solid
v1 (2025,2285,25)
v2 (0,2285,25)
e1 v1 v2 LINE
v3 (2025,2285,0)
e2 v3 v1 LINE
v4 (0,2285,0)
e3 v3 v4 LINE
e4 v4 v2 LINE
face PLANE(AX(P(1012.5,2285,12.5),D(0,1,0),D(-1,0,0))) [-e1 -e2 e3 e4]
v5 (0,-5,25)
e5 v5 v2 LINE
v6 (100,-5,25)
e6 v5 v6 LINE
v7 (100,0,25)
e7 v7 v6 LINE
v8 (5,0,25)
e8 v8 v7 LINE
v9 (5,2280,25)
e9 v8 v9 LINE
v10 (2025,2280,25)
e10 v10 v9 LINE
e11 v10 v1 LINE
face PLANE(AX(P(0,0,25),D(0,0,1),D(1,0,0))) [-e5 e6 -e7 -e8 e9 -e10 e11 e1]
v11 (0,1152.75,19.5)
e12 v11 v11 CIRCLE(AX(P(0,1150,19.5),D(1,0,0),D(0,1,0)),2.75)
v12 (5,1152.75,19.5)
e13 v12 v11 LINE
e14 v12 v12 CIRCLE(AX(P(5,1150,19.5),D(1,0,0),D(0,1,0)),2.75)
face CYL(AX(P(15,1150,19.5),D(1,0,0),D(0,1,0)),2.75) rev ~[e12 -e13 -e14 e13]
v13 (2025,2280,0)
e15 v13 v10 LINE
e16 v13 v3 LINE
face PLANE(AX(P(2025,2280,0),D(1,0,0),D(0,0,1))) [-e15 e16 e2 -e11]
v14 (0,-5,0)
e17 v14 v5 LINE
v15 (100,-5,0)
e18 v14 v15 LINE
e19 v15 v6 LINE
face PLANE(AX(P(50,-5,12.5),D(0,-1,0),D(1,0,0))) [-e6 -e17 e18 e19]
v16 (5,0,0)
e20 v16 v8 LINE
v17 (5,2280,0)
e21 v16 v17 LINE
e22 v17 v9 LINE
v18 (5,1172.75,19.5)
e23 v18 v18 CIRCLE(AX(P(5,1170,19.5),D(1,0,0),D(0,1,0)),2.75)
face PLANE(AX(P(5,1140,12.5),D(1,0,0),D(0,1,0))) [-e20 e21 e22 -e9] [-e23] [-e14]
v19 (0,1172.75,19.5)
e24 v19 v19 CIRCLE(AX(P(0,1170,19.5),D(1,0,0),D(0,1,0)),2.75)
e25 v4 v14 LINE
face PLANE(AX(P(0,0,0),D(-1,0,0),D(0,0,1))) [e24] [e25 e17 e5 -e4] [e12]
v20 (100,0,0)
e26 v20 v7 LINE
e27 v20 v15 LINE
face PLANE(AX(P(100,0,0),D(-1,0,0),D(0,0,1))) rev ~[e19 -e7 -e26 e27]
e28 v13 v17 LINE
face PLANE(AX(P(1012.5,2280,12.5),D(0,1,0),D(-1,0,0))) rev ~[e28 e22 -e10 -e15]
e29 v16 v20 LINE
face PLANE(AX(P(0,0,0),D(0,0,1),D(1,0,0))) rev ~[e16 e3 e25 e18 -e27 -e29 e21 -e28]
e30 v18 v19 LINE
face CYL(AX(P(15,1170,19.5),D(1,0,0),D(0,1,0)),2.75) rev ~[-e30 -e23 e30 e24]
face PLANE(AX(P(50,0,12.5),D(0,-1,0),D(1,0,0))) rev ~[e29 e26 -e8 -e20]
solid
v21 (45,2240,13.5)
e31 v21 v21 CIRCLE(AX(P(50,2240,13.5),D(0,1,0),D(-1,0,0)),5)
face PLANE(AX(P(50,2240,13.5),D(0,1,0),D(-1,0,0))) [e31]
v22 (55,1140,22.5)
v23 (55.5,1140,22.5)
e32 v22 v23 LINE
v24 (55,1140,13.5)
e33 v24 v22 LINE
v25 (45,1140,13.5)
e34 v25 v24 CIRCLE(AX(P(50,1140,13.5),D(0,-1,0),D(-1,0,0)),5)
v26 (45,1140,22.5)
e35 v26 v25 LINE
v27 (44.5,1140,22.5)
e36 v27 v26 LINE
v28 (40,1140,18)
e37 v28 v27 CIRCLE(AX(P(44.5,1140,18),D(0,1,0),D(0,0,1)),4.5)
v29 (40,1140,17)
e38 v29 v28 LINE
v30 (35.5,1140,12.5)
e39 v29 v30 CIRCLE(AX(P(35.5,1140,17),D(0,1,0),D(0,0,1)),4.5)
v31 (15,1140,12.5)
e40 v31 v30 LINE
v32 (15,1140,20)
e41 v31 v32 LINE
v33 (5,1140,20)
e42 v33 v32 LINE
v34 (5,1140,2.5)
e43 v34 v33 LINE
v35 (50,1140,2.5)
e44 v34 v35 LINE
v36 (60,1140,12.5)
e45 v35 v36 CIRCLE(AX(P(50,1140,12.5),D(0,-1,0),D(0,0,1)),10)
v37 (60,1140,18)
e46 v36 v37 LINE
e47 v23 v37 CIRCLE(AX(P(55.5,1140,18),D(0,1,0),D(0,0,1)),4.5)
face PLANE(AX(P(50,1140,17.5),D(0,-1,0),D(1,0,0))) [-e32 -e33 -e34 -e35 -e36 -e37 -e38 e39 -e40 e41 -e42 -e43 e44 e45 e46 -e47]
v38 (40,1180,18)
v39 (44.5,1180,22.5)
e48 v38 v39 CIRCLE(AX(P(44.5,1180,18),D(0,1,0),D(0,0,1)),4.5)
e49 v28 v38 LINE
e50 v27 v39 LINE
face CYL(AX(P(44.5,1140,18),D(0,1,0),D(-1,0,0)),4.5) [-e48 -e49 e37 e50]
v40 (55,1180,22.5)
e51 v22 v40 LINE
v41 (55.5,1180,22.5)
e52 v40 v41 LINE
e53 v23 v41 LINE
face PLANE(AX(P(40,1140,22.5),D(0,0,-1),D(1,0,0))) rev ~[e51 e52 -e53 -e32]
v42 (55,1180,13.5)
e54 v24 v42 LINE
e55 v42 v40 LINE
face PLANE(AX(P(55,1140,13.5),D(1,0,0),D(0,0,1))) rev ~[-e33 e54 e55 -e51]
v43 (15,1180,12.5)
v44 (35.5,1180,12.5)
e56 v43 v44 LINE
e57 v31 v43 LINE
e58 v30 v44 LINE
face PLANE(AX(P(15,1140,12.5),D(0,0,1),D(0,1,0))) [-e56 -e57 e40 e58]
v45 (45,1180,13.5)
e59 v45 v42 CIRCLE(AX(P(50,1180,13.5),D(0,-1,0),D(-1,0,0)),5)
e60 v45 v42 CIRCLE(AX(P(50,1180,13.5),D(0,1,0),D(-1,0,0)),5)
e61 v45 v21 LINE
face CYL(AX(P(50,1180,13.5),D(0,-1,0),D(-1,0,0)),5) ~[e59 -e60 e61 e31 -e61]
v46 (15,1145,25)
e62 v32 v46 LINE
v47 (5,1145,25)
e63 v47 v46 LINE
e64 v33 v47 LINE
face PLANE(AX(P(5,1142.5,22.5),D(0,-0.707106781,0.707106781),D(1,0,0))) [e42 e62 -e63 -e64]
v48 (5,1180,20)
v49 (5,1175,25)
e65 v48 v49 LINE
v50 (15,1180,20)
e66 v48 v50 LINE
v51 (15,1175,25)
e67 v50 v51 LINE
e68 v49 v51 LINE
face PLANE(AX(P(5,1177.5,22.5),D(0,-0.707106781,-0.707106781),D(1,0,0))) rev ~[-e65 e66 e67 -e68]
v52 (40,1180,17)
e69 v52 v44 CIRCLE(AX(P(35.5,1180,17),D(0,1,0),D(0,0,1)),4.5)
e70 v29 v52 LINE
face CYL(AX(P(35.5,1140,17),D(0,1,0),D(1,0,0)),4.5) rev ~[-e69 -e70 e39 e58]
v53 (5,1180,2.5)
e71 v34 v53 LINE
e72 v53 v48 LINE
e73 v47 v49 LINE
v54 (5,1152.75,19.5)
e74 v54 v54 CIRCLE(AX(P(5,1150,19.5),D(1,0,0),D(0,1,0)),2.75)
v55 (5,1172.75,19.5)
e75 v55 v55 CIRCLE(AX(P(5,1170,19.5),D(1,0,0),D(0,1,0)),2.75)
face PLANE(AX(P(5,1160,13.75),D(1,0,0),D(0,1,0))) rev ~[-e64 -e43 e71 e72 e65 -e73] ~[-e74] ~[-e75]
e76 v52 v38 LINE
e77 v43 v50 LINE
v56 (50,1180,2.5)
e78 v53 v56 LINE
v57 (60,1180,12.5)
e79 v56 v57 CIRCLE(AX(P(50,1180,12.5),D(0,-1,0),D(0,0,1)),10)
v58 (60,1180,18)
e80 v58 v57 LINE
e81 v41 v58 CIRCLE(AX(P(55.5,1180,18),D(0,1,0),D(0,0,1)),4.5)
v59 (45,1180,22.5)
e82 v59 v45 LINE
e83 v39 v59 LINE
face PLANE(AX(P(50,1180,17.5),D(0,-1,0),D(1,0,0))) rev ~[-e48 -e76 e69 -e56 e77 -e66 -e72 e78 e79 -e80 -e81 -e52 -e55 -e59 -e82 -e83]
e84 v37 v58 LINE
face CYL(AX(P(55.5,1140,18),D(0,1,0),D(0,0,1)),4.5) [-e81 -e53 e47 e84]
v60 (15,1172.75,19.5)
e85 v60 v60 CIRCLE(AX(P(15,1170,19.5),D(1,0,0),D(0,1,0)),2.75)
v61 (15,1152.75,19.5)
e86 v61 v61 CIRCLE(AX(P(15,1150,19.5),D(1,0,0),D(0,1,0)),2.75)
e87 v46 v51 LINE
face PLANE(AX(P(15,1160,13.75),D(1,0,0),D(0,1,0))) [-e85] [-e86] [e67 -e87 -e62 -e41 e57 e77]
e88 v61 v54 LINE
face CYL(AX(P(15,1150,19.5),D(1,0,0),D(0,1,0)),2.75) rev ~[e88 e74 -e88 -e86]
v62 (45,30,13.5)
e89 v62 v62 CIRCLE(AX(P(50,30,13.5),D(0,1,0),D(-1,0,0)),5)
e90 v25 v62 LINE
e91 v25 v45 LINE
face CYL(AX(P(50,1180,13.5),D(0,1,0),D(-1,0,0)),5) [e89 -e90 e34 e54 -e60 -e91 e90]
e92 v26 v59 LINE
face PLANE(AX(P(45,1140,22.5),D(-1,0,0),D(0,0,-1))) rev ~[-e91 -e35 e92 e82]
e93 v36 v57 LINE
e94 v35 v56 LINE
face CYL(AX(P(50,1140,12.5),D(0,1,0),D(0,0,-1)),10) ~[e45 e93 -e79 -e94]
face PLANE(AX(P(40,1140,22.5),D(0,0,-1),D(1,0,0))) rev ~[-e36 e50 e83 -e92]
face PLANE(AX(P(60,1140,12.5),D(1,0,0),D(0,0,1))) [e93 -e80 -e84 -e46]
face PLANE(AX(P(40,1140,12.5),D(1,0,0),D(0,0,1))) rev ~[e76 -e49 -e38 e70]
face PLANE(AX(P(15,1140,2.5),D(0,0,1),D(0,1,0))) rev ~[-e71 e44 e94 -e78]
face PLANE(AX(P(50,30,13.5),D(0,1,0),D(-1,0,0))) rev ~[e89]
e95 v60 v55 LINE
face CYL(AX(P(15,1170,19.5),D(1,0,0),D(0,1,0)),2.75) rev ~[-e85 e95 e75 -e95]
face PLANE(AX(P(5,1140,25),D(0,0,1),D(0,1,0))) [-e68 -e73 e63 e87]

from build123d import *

# Parameters (mm, degrees)
F0_W           = 2280
F0_H           = 25
F1_DEPTH       = 5
F2_W           = 2025
F2_H           = 25
F3_DEPTH       = 5
F4_W           = 100
F4_H           = 25
F5_DEPTH       = 5
F6_W           = 40
F6_H           = 22.5
F7_DEPTH       = 10
F8_SIZE        = 5
F9_W           = 40
F9_H           = 10
F10_DEPTH      = 45
F11_W          = 20
F11_H          = 10
F12_DEPTH      = 40
F14_DEPTH      = 1145.001
F15_R          = 4.5
F16_R          = 10
F17_R          = 2.75
F18_DEPTH      = 15.001
F19_R          = 5
F20_DEPTH      = 1060
F20_DEPTH_BACK = 1150


with BuildPart() as f1:
    # F0 (on Right) → F1 (new body)
    with BuildSketch(Plane.YZ):
        with Locations((1140, 12.5)):
            Rectangle(F0_W, F0_H)
    extrude(amount=F1_DEPTH)

    # F2 (on face) → F3 (join)
    with BuildSketch(Plane(origin=(0, 2280, 0), x_dir=(-1, 0, 0), z_dir=(0, 1, 0))):
        with Locations((-1012.5, 12.5)):
            Rectangle(F2_W, F2_H)
    extrude(amount=F3_DEPTH)

    # F4 (on face) → F5 (join)
    with BuildSketch(Plane.XZ):
        with Locations((50, 12.5)):
            Rectangle(F4_W, F4_H)
    extrude(amount=F5_DEPTH)


with BuildPart() as f7:
    # F6 (on face) → F7 (new body)
    with BuildSketch(Plane.YZ.offset(5)):
        with Locations((1160, 13.75)):
            Rectangle(F6_W, F6_H)
    extrude(amount=F7_DEPTH)

    # F8
    f8_edges = [f7.edges().sort_by_distance(p)[0] for p in [
        (10, 1140, 25),
        (10, 1180, 25),
    ]]
    chamfer(f8_edges, length=F8_SIZE)

    # F9 (on face) → F10 (join)
    with BuildSketch(Plane.YZ.offset(15)):
        with Locations((1160, 7.5)):
            Rectangle(F9_W, F9_H)
    extrude(amount=F10_DEPTH)

    # F11 (on face) → F12 (join, through all)
    with BuildSketch(Plane.XZ.offset(-1140)):
        with Locations((50, 17.5)):
            Rectangle(F11_W, F11_H)
    extrude(amount=-F12_DEPTH)

    # F13 (on face) → F14 (cut, through all)
    with BuildSketch(Plane.XZ.offset(-1140)):
        with BuildLine():
            Line((45, 22.5), (45, 13.5))
            ThreePointArc((45, 13.5), (50, 8.5), (55, 13.5))
            Line((55, 13.5), (55, 22.5))
            Line((55, 22.5), (45, 22.5))
        make_face()
    extrude(amount=-F14_DEPTH, mode=Mode.SUBTRACT)

    # F15
    f15_edges = [f7.edges().sort_by_distance(p)[0] for p in [
        (60, 1160, 22.5),
        (40, 1160, 22.5),
        (40, 1160, 12.5),
    ]]
    fillet(f15_edges, radius=F15_R)

    # F16
    f16_edges = [f7.edges().sort_by_distance(p)[0] for p in [
        (60, 1160, 2.5),
    ]]
    fillet(f16_edges, radius=F16_R)


with BuildPart() as f18_tool:
    # F17 (on face) → F18 (new body, through all)
    with BuildSketch(Plane.YZ.offset(15)):
        with Locations((1150, 19.5)):
            Circle(F17_R)
        with Locations((1170, 19.5)):
            Circle(F17_R)
    extrude(amount=-F18_DEPTH)


with BuildPart() as f1_1:
    add(f1.part)

    # F18: cut by f18_tool
    add(f18_tool.part, mode=Mode.SUBTRACT)


with BuildPart() as f7_1:
    add(f7.part)

    # F18: cut by f18_tool
    add(f18_tool.part, mode=Mode.SUBTRACT)

    # F19 (on face) → F20 (join, two sides)
    with BuildSketch(Plane(origin=(0, 1180, 0), x_dir=(-1, 0, 0), z_dir=(0, 1, 0))) as f20_sk:
        with Locations((-50, 13.5)):
            Circle(F19_R)
    extrude(amount=F20_DEPTH)
    extrude(f20_sk.sketch, amount=-F20_DEPTH_BACK)


solid = Compound([f1_1.part, f7_1.part])
